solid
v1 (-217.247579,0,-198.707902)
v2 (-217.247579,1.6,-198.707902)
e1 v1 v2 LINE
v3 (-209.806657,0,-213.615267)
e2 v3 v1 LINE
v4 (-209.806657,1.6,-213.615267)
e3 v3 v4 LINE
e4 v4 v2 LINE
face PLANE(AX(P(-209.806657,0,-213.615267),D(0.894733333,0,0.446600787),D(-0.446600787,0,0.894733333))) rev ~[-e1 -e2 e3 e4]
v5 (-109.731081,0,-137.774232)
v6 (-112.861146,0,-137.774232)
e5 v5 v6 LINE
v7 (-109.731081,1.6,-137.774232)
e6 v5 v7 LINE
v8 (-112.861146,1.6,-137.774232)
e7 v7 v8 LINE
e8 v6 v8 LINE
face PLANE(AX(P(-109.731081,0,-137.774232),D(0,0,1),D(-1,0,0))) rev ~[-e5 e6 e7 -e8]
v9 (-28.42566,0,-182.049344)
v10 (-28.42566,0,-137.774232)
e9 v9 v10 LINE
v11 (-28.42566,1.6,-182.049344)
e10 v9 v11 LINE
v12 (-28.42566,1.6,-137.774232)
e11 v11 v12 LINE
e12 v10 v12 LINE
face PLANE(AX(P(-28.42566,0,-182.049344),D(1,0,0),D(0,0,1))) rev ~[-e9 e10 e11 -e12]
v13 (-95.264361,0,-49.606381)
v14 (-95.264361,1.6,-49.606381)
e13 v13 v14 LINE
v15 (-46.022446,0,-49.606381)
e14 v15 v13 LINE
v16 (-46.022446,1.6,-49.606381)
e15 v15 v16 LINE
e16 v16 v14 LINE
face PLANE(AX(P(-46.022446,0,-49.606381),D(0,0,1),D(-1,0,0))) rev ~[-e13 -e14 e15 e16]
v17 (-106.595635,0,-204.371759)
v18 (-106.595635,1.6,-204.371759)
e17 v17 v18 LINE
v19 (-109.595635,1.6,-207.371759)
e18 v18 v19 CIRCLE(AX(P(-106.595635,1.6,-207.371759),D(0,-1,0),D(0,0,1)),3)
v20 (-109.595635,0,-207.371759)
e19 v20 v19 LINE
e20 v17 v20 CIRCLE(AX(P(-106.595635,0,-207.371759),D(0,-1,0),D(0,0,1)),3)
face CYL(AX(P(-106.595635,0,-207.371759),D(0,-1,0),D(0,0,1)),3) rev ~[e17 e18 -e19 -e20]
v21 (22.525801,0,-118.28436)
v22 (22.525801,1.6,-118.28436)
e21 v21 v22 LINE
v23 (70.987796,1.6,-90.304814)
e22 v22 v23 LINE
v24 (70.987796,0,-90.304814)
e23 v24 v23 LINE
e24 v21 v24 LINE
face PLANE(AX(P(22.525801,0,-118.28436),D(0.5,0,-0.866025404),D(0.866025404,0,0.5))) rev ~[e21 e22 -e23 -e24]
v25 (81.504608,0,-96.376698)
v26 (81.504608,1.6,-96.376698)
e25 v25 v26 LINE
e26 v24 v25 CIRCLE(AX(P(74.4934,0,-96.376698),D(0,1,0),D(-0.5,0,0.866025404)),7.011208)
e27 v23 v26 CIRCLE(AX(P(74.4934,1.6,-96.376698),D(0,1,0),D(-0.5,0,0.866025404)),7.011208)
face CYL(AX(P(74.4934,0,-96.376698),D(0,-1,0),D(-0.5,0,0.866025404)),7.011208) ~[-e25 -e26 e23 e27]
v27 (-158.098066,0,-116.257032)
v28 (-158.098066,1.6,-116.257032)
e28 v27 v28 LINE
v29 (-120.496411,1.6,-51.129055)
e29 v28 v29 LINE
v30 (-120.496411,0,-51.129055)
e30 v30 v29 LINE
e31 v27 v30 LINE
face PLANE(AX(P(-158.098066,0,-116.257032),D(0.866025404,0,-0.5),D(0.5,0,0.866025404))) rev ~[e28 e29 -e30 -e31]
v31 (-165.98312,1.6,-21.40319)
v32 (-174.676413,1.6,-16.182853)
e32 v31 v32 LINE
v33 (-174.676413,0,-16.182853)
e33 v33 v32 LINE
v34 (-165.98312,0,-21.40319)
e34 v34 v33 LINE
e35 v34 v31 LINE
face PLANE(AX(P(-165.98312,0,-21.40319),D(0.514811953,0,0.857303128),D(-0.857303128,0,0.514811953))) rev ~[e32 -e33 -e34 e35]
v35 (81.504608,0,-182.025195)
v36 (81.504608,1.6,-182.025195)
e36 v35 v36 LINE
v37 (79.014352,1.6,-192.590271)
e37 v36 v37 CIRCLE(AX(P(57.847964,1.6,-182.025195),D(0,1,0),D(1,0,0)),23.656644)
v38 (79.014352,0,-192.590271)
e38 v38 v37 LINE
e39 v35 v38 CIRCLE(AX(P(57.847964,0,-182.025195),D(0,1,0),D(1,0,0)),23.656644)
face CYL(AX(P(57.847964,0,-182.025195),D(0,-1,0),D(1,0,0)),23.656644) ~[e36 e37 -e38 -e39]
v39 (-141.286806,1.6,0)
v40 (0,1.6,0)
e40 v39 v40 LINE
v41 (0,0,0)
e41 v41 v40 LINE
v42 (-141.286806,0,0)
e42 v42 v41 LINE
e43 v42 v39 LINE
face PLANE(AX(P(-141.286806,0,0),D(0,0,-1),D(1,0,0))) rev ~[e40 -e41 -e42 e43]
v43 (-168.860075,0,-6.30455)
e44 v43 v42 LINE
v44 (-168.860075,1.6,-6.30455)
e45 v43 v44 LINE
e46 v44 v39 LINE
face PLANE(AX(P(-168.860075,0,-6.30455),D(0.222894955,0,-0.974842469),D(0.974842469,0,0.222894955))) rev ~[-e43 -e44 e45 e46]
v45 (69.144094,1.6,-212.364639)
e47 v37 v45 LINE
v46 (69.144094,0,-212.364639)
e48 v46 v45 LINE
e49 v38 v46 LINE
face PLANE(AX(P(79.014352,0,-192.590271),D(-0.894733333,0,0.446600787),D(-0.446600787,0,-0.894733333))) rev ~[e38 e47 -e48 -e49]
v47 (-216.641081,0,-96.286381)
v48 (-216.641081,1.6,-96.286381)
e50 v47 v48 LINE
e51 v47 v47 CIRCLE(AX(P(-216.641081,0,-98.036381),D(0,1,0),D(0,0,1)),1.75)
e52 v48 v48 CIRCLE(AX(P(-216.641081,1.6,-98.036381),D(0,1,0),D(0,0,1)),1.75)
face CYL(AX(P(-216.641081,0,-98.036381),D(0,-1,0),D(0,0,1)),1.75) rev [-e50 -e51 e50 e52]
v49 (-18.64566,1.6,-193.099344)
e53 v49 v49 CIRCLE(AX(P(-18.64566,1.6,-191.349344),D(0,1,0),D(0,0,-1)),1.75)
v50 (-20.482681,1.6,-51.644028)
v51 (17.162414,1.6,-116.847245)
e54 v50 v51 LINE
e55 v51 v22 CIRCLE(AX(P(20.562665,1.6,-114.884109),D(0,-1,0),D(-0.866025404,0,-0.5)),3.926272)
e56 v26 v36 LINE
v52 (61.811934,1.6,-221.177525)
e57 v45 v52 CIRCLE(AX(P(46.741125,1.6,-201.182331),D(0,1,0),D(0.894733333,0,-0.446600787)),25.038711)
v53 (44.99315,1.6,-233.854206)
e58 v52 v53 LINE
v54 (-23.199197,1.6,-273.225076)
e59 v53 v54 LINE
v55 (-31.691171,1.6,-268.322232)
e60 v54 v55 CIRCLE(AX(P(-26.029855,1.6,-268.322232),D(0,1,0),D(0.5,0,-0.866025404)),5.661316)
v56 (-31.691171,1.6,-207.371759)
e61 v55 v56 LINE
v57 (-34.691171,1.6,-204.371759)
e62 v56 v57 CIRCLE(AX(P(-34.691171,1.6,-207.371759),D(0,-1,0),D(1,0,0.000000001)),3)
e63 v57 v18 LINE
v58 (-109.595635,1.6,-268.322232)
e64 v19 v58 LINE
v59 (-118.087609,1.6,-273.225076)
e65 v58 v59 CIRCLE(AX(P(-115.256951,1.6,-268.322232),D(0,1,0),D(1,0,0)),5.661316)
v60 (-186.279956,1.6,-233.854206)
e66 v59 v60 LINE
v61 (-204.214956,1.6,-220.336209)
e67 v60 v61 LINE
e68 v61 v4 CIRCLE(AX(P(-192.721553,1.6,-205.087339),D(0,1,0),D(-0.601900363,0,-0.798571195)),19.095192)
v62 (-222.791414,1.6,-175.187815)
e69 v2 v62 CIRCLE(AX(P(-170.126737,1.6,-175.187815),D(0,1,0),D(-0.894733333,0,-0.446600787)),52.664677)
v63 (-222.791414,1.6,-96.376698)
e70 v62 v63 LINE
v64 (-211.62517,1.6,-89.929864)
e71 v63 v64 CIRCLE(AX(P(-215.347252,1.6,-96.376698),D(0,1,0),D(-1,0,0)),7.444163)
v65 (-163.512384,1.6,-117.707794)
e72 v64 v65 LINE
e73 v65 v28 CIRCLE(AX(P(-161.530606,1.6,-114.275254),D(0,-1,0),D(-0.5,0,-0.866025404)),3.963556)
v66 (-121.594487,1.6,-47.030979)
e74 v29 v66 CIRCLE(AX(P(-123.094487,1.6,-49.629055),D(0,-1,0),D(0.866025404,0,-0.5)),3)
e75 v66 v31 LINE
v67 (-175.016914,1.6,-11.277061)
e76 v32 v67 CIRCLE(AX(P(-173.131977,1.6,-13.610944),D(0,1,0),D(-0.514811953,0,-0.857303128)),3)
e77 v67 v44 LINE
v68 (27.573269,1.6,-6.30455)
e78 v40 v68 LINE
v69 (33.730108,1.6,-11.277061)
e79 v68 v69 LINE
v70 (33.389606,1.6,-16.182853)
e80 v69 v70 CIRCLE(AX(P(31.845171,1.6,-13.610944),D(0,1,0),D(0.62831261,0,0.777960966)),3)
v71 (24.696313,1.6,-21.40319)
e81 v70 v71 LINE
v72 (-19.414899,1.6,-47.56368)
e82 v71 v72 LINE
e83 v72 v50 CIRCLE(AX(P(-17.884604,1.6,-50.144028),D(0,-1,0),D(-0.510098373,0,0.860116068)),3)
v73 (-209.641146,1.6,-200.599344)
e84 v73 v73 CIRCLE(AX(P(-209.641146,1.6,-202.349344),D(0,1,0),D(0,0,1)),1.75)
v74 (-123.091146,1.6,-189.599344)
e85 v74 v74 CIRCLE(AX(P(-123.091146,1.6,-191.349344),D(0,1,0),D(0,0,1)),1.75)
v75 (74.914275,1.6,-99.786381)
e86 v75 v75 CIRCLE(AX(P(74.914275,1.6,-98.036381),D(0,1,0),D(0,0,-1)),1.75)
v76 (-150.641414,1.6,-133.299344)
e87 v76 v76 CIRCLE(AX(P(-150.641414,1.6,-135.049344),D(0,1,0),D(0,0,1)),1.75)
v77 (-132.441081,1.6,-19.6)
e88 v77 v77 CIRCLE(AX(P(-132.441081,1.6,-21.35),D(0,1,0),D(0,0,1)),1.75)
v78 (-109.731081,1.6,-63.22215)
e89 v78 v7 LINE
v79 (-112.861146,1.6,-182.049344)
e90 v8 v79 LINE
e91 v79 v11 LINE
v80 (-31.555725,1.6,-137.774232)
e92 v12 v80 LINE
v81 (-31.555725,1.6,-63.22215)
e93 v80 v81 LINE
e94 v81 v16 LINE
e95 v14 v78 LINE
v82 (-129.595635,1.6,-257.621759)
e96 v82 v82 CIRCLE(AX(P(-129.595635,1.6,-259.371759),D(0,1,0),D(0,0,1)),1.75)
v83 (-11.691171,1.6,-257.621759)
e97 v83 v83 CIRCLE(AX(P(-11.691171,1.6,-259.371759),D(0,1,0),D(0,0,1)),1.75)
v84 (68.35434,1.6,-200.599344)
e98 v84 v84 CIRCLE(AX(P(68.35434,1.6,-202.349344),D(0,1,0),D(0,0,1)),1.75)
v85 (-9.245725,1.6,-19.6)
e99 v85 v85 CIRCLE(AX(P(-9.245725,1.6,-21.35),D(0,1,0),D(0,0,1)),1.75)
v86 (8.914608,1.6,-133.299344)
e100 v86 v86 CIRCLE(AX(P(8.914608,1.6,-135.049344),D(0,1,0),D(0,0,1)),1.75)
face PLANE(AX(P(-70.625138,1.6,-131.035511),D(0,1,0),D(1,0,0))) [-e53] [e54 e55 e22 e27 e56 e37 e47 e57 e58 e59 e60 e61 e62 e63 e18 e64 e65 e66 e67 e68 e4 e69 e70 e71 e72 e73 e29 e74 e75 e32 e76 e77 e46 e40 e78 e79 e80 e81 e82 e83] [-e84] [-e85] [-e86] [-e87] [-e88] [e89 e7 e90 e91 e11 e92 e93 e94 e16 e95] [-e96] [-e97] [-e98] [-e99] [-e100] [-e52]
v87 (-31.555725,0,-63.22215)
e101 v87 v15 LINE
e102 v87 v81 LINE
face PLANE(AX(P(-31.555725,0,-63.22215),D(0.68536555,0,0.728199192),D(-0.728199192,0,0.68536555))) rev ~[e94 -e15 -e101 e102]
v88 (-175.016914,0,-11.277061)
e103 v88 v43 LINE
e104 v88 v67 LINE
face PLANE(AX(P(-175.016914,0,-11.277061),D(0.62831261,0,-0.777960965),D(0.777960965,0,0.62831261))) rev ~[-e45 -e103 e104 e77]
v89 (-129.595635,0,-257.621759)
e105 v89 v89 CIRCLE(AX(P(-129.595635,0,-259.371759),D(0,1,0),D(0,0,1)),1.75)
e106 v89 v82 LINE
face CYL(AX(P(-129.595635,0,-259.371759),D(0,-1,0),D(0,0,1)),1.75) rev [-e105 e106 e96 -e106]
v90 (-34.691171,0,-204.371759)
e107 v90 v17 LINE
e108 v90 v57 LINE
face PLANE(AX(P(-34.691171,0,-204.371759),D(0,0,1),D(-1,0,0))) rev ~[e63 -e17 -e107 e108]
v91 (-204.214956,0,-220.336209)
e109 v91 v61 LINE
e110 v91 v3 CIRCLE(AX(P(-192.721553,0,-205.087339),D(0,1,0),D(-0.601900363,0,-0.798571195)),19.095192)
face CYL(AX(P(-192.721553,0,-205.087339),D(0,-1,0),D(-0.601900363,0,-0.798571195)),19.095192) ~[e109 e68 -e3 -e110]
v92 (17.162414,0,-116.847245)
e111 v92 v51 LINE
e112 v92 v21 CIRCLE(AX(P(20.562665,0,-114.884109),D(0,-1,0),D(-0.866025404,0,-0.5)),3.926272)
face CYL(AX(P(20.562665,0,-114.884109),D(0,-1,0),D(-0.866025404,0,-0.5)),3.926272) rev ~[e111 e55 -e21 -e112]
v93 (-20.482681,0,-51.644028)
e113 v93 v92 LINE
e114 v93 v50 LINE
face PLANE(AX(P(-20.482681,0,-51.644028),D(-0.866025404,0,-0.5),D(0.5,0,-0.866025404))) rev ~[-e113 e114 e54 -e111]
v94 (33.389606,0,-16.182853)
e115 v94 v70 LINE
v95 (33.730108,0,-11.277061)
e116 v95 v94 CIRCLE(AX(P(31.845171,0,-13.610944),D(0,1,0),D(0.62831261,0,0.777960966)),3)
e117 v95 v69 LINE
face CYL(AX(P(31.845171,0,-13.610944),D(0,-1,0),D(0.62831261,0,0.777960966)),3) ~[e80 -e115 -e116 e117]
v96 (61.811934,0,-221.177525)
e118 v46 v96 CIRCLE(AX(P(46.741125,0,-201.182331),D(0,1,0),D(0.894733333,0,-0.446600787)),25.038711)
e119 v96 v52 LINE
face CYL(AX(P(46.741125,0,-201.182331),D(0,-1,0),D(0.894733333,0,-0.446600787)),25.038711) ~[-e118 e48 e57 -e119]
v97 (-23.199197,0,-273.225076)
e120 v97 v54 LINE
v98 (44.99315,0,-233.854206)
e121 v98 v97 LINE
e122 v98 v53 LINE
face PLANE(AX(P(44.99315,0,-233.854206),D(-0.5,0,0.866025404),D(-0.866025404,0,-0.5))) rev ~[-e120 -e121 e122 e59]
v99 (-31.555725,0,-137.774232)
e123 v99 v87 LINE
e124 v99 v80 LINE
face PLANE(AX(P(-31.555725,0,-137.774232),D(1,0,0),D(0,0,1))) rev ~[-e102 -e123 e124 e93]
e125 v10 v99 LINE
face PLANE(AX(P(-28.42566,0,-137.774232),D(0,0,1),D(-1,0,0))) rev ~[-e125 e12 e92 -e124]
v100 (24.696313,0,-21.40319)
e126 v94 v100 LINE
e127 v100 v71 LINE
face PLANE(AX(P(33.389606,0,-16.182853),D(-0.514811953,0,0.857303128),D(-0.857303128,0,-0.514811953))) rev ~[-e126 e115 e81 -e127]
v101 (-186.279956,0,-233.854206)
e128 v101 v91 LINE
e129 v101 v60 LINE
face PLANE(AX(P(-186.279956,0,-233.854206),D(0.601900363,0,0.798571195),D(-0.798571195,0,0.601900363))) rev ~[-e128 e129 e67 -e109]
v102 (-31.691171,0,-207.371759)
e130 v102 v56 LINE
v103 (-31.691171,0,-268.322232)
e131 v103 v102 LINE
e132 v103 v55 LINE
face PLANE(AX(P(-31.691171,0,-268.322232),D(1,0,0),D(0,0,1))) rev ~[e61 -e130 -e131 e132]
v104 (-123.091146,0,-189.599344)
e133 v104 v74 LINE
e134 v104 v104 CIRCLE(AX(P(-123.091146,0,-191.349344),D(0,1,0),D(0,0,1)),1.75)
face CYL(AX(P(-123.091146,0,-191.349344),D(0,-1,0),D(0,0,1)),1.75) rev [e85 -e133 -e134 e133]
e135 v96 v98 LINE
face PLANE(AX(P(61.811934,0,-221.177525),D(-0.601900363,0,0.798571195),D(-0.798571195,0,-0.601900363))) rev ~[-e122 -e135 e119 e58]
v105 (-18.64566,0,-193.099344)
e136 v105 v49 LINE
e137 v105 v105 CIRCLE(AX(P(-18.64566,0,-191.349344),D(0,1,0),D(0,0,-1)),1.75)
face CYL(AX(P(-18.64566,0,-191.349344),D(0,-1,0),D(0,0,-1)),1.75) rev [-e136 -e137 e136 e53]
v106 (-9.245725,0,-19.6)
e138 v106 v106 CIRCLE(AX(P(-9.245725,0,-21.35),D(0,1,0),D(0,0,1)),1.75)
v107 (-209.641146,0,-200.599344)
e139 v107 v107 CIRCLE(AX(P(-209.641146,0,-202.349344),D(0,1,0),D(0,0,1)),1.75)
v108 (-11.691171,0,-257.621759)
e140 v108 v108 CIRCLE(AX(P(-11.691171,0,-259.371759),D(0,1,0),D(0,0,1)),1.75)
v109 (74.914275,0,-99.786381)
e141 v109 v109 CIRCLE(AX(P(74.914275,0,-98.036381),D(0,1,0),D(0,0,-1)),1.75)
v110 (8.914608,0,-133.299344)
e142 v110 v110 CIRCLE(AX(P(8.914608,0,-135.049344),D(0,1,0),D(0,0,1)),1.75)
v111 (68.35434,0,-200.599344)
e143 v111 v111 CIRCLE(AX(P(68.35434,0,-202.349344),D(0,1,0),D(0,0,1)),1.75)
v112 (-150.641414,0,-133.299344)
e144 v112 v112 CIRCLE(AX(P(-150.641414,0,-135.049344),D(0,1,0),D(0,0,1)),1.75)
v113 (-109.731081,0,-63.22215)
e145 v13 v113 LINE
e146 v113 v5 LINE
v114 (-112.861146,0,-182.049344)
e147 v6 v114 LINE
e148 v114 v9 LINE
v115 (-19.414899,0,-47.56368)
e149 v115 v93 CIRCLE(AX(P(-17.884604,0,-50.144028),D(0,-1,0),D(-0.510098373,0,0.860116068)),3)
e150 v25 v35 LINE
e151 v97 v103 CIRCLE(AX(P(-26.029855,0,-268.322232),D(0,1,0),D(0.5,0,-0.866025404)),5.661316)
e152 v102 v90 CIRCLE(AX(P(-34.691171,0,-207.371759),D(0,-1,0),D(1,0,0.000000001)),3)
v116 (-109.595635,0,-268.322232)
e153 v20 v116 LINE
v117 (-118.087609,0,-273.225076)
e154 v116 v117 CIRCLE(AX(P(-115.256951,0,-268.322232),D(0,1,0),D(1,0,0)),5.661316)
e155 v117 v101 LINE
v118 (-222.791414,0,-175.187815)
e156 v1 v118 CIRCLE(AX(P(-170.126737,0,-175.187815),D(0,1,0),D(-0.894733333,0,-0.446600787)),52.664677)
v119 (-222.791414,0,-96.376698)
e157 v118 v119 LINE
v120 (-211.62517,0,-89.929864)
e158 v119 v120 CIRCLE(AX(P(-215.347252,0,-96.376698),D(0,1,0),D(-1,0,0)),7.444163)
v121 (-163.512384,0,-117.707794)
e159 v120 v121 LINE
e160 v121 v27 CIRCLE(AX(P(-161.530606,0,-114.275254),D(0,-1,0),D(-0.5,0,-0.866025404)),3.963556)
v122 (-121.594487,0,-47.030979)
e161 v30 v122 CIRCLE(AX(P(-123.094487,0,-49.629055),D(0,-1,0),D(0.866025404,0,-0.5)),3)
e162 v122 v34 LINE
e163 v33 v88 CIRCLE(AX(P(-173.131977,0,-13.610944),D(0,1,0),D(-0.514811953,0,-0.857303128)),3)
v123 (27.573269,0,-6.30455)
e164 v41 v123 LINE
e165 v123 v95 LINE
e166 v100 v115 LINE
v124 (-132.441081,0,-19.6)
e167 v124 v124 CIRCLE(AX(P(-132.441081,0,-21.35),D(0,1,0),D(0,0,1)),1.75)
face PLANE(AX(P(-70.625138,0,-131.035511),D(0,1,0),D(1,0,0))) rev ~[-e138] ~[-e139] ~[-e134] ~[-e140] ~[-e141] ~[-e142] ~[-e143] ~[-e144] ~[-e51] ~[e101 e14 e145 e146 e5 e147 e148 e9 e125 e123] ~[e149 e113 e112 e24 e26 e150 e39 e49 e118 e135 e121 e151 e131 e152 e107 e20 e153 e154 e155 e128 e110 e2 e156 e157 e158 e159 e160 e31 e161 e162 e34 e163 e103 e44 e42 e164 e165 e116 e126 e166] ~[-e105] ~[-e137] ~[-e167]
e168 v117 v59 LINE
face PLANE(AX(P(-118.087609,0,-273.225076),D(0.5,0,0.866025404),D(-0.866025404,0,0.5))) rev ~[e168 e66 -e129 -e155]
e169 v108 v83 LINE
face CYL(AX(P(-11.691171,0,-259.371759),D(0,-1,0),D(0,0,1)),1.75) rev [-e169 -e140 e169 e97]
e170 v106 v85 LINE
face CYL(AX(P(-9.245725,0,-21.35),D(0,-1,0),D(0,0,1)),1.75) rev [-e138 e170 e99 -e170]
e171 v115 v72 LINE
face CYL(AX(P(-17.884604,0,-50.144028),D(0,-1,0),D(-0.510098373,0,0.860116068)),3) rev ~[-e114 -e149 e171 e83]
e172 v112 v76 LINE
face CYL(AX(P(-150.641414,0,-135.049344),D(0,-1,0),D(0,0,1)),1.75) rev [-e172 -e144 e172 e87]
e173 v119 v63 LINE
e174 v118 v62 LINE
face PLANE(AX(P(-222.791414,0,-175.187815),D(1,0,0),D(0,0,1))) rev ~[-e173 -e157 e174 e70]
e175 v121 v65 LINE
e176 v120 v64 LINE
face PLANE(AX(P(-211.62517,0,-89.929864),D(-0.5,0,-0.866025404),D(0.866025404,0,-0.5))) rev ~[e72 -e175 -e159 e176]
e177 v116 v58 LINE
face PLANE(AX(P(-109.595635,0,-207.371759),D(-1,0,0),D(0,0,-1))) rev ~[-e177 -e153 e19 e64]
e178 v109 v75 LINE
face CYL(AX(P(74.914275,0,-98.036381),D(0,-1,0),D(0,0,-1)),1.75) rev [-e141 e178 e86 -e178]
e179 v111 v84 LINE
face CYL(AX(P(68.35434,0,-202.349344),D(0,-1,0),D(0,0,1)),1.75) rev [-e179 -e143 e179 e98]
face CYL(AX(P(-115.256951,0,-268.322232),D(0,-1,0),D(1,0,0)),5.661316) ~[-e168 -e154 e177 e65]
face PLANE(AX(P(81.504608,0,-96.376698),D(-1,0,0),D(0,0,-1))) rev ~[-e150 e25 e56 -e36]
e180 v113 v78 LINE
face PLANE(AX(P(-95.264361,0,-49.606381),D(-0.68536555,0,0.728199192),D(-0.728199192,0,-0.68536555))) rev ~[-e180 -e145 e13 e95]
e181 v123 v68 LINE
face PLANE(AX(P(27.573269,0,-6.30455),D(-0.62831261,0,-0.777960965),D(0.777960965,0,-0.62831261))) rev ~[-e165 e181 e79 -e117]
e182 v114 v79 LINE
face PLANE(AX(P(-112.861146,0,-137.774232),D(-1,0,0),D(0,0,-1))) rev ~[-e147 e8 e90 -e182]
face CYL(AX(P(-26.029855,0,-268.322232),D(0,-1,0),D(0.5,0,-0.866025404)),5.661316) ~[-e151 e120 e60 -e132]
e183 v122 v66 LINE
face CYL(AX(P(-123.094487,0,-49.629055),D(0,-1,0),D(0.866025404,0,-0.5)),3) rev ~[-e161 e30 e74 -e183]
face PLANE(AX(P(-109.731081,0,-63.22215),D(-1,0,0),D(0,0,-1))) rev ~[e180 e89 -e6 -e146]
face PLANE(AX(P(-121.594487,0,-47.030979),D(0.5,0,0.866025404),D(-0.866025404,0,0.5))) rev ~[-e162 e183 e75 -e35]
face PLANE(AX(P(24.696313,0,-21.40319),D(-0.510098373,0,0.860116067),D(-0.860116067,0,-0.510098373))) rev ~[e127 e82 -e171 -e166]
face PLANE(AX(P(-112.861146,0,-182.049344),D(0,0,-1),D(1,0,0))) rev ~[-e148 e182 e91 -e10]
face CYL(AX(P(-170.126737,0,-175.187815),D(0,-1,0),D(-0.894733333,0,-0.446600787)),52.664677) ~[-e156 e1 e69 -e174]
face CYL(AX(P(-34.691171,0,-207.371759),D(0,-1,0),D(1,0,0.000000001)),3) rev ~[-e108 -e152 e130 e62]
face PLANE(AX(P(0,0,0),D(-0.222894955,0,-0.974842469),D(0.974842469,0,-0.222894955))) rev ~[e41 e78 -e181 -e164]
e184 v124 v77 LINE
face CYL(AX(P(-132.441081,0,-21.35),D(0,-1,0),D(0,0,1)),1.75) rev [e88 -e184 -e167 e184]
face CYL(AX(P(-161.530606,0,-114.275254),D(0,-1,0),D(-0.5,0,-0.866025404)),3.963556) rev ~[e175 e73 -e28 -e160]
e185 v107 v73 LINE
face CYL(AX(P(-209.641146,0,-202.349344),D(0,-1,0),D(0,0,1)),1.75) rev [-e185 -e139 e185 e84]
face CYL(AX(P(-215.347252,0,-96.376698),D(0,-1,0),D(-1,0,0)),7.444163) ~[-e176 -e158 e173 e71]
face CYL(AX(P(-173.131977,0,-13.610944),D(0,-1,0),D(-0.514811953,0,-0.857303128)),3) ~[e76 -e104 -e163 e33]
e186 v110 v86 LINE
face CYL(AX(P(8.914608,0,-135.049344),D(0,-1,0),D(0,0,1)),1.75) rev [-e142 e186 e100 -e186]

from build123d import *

# Parameters (mm, degrees)
SKETCH1_R           = 1.75
BOSS_EXTRUDE1_DEPTH = 1.6


with BuildPart() as part:
    # Sketch1 → Boss-Extrude1 (new body)
    with BuildSketch(Plane(origin=(0, 0, 0), x_dir=(1, 0, 0), z_dir=(0, 1, 0))):
        with BuildLine():
            Line((24.696313384, 21.403189927), (-19.414899465, 47.563680085))
            ThreePointArc((-19.414899465, 47.563680085), (-20.786874634, 49.384536896), (-20.482680557, 51.644028288))
            Line((-20.482680557, 51.644028288), (17.162414168, 116.847245007))
            ThreePointArc((17.162414168, 116.847245007), (19.546471274, 118.676596366), (22.525800971, 118.28436017))
            Line((22.525800971, 118.28436017), (70.987796177, 90.304814192))
            ThreePointArc((70.987796177, 90.304814192), (77.999004119, 90.304814192), (81.50460809, 96.376698381))
            Line((81.50460809, 96.376698381), (81.50460809, 182.02519482))
            ThreePointArc((81.50460809, 182.02519482), (80.873629228, 187.452491566), (79.01435205, 192.590270527))
            Line((79.01435205, 192.590270527), (69.144094326, 212.364639151))
            ThreePointArc((69.144094326, 212.364639151), (65.989183491, 217.196365343), (61.81193417, 221.177524531))
            Line((61.81193417, 221.177524531), (44.99314954, 233.854205885))
            Line((44.99314954, 233.854205885), (-23.199197227, 273.225075648))
            ThreePointArc((-23.199197227, 273.225075648), (-28.860512938, 273.225075648), (-31.691170793, 268.322232423))
            Line((-31.691170793, 268.322232423), (-31.691170793, 207.371759387))
            ThreePointArc((-31.691170793, 207.371759387), (-32.56985045, 205.250439044), (-34.691170793, 204.371759387))
            Line((-34.691170793, 204.371759387), (-106.595635326, 204.371759387))
            ThreePointArc((-106.595635326, 204.371759387), (-108.71695567, 205.250439044), (-109.595635326, 207.371759387))
            Line((-109.595635326, 207.371759387), (-109.595635326, 268.322232423))
            ThreePointArc((-109.595635326, 268.322232423), (-112.426293182, 273.225075648), (-118.087608892, 273.225075648))
            Line((-118.087608892, 273.225075648), (-186.279955659, 233.854205885))
            Line((-186.279955659, 233.854205885), (-204.21495553, 220.336208987))
            ThreePointArc((-204.21495553, 220.336208987), (-207.400637767, 217.300070339), (-209.806657286, 213.615266508))
            Line((-209.806657286, 213.615266508), (-217.247579174, 198.707901735))
            ThreePointArc((-217.247579174, 198.707901735), (-221.386722215, 187.270122423), (-222.791414209, 175.187815477))
            Line((-222.791414209, 175.187815477), (-222.791414209, 96.376698381))
            ThreePointArc((-222.791414209, 96.376698381), (-219.069332913, 89.929864467), (-211.625170321, 89.929864467))
            Line((-211.625170321, 89.929864467), (-163.512384372, 117.707794386))
            ThreePointArc((-163.512384372, 117.707794386), (-160.504762554, 118.10375531), (-158.098066116, 116.257032182))
            Line((-158.098066116, 116.257032182), (-120.496410943, 51.129054973))
            ThreePointArc((-120.496410943, 51.129054973), (-120.196709676, 48.852597838), (-121.594487155, 47.030978762))
            Line((-121.594487155, 47.030978762), (-165.983119503, 21.403189927))
            Line((-165.983119503, 21.403189927), (-174.676412504, 16.182853027))
            ThreePointArc((-174.676412504, 16.182853027), (-176.124776412, 13.818668342), (-175.016914475, 11.277060748))
            Line((-175.016914475, 11.277060748), (-168.860075369, 6.304549502))
            Line((-168.860075369, 6.304549502), (-141.286806119, 0))
            Line((-141.286806119, 0), (0, 0))
            Line((0, 0), (27.57326925, 6.304549502))
            Line((27.57326925, 6.304549502), (33.730108356, 11.277060748))
            ThreePointArc((33.730108356, 11.277060748), (34.837970293, 13.818668342), (33.389606385, 16.182853027))
            Line((33.389606385, 16.182853027), (24.696313384, 21.403189927))
        make_face()
        with Locations(Location((-123.091146174, 191.349343748, 0), (0, 0, 270))):
            Circle(SKETCH1_R, mode=Mode.SUBTRACT)
        with Locations(Location((-216.641081117, 98.036380822, 0), (0, 0, 270))):
            Circle(SKETCH1_R, mode=Mode.SUBTRACT)
        with Locations(Location((-18.645659945, 191.349343748, 0), (0, 0, 90))):
            Circle(SKETCH1_R, mode=Mode.SUBTRACT)
        with Locations(Location((74.914274997, 98.036380822, 0), (0, 0, 90))):
            Circle(SKETCH1_R, mode=Mode.SUBTRACT)
        with Locations(Location((-9.245725003, 21.35, 0), (0, 0, 270))):
            Circle(SKETCH1_R, mode=Mode.SUBTRACT)
        with Locations(Location((-132.441081117, 21.35, 0), (0, 0, 270))):
            Circle(SKETCH1_R, mode=Mode.SUBTRACT)
        with Locations(Location((-150.641414209, 135.049343748, 0), (0, 0, 270))):
            Circle(SKETCH1_R, mode=Mode.SUBTRACT)
        with Locations(Location((8.91460809, 135.049343748, 0), (0, 0, 270))):
            Circle(SKETCH1_R, mode=Mode.SUBTRACT)
        with Locations(Location((68.354340055, 202.349343748, 0), (0, 0, 270))):
            Circle(SKETCH1_R, mode=Mode.SUBTRACT)
        with Locations(Location((-11.691170793, 259.371759387, 0), (0, 0, 270))):
            Circle(SKETCH1_R, mode=Mode.SUBTRACT)
        with Locations(Location((-129.595635326, 259.371759387, 0), (0, 0, 270))):
            Circle(SKETCH1_R, mode=Mode.SUBTRACT)
        with Locations(Location((-209.641146174, 202.349343748, 0), (0, 0, 270))):
            Circle(SKETCH1_R, mode=Mode.SUBTRACT)
        Polygon((-31.555725003, 63.222149708), (-46.022445575, 49.606380822), (-95.264360544, 49.606380822), (-109.731081117, 63.222149708), (-109.731081117, 137.774232151), (-112.861146174, 137.774232151), (-112.861146174, 182.049343748), (-28.425659945, 182.049343748), (-28.425659945, 137.774232151), (-31.555725003, 137.774232151), align=None, mode=Mode.SUBTRACT)
    extrude(amount=BOSS_EXTRUDE1_DEPTH)


solid = part.part
